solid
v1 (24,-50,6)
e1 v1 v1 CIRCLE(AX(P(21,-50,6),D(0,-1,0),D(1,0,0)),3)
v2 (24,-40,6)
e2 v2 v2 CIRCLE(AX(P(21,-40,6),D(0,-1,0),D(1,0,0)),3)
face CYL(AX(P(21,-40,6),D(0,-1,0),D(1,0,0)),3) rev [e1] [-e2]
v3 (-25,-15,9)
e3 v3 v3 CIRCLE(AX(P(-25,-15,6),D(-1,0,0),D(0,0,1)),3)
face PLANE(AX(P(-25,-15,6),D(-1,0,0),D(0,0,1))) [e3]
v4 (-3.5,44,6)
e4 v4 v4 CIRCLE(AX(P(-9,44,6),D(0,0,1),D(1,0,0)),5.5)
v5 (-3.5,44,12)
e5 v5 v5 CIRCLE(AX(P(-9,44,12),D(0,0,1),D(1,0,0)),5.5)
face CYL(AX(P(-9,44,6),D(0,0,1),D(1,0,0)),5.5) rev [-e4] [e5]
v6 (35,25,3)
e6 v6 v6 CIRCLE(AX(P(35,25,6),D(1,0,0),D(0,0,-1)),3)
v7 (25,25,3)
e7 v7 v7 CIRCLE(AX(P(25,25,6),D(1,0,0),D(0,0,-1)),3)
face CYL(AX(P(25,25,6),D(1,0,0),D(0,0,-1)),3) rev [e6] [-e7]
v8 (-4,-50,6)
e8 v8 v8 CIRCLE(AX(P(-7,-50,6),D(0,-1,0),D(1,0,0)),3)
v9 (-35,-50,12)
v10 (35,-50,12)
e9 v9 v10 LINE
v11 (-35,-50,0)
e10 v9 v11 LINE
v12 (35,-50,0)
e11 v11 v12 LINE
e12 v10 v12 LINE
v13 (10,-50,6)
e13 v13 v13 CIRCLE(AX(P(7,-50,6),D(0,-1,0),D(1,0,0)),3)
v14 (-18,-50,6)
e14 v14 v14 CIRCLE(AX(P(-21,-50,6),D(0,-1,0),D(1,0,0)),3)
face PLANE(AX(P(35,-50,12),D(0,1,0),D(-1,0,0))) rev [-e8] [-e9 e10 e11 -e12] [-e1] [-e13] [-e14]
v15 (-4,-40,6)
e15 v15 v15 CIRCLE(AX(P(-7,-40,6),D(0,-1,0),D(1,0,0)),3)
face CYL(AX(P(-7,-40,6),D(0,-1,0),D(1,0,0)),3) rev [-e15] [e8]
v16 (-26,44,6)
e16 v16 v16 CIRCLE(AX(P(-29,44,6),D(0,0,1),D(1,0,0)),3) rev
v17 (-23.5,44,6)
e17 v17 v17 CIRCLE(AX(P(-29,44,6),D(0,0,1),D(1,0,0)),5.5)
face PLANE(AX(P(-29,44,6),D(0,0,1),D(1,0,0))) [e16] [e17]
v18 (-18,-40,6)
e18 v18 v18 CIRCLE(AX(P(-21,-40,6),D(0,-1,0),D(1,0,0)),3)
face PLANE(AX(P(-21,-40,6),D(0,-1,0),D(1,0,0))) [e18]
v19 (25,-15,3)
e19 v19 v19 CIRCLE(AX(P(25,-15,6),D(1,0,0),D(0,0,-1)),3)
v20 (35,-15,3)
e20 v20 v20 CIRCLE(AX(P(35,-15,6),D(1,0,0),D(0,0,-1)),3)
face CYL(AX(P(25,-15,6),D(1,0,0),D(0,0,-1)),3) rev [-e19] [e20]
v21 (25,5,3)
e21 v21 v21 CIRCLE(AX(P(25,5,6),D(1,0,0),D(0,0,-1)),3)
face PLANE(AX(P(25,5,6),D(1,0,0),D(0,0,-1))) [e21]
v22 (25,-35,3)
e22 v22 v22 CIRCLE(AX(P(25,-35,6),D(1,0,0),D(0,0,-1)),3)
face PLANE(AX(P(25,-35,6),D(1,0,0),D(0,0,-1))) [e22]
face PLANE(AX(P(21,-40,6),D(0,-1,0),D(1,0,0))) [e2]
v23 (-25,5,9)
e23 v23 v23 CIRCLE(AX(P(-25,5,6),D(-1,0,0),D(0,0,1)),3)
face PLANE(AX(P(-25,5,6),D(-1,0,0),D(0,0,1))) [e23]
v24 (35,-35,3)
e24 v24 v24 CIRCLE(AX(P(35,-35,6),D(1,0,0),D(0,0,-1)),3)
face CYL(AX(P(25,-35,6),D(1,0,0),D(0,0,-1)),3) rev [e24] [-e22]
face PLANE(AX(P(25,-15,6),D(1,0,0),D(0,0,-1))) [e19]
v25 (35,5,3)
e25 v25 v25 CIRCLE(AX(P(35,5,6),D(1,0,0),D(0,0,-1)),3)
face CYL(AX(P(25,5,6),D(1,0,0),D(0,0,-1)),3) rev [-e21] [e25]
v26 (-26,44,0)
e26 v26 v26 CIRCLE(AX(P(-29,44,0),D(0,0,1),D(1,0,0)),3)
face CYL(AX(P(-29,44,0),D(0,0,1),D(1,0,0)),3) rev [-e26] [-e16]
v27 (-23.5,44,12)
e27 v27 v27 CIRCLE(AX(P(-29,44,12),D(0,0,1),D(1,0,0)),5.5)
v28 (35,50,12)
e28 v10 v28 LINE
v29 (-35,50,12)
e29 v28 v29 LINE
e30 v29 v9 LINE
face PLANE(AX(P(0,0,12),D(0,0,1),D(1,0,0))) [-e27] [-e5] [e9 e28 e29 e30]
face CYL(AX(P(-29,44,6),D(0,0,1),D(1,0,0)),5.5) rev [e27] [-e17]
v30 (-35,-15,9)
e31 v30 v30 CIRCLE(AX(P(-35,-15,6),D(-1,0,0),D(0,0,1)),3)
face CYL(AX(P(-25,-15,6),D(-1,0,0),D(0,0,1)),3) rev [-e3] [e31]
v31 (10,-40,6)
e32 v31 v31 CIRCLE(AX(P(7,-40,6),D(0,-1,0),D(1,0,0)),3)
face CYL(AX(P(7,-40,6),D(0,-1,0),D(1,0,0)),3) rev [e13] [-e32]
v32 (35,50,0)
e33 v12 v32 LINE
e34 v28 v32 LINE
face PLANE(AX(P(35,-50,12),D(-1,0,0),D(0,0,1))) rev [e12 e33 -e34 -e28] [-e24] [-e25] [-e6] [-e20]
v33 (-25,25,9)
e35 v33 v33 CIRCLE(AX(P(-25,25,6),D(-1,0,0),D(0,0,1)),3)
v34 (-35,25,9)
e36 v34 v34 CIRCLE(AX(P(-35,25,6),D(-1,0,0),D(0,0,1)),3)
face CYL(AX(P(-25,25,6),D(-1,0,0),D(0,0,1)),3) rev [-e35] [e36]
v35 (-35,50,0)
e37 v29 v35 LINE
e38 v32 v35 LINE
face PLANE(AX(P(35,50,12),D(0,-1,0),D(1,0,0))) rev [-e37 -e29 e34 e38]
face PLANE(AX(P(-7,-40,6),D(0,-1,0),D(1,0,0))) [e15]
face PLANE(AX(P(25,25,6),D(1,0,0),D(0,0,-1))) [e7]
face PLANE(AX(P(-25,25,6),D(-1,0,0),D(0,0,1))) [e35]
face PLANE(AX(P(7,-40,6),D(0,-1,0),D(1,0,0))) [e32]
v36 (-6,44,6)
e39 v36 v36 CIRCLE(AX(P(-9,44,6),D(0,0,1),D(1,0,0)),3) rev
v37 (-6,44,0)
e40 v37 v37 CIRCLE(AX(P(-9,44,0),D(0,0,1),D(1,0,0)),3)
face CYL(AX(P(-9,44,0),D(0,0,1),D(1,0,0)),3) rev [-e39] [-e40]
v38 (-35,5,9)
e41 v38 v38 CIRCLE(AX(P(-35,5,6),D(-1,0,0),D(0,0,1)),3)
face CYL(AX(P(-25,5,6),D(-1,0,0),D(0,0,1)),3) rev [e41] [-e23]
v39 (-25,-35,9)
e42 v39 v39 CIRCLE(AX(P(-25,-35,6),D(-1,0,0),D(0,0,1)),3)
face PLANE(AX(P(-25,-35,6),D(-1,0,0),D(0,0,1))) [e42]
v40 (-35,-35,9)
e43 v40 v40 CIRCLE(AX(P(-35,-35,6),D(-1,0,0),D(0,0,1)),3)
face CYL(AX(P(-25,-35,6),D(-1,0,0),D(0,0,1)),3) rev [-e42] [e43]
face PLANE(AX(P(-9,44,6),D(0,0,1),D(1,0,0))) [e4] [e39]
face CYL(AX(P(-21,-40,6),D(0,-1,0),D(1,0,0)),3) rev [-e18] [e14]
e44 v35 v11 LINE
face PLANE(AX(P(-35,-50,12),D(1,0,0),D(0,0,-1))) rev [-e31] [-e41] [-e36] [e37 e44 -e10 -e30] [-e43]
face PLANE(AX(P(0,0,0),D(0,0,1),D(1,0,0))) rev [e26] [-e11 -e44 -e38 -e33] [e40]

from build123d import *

# Parameters (mm, degrees)
SKETCH_1_W          = 70
SKETCH_1_H          = 100
EXTRUDE_1_DEPTH     = 12
SKETCH_2_R          = 3
CUT_EXTRUDE_1_DEPTH = 10
SKETCH_3_R          = 3
CUT_EXTRUDE_2_DEPTH = 12
SKETCH_4_R          = 5.5
CUT_EXTRUDE_3_DEPTH = 6
CUT_EXTRUDE_START   = -10
SKETCH_5_R          = 3
CUT_EXTRUDE_4_DEPTH = 10
SKETCH_6_R          = 3
CUT_EXTRUDE_5_DEPTH = 10


with BuildPart() as part:
    # 草图1 → 凸台-拉伸1 (new body)
    with BuildSketch(Plane.XY):
        Rectangle(SKETCH_1_W, SKETCH_1_H)
    extrude(amount=EXTRUDE_1_DEPTH)

    # 草图2 → 切除-拉伸1 (cut)
    with BuildSketch(Plane.ZY.offset(35)):
        with Locations((6, -35)):
            Circle(SKETCH_2_R)
        with Locations((6, -15)):
            Circle(SKETCH_2_R)
        with Locations((6, 5)):
            Circle(SKETCH_2_R)
        with Locations((6, 25)):
            Circle(SKETCH_2_R)
    extrude(amount=-CUT_EXTRUDE_1_DEPTH, mode=Mode.SUBTRACT)

    # 草图3 → 切除-拉伸2 (cut)
    with BuildSketch(Plane.XY.offset(12)):
        with Locations((-29, 44)):
            Circle(SKETCH_3_R)
        with Locations((-9, 44)):
            Circle(SKETCH_3_R)
    extrude(amount=-CUT_EXTRUDE_2_DEPTH, mode=Mode.SUBTRACT)

    # 草图4 → 切除-拉伸3 (cut)
    with BuildSketch(Plane.XY.offset(12)):
        with Locations((-29, 44)):
            Circle(SKETCH_4_R)
        with Locations((-9, 44)):
            Circle(SKETCH_4_R)
    extrude(amount=-CUT_EXTRUDE_3_DEPTH, mode=Mode.SUBTRACT)

    # 草图5 → 切除-拉伸4 (cut)
    with BuildSketch(Plane(origin=(35, 0, 0), x_dir=(0, 0, -1), z_dir=(1, 0, 0)).offset(CUT_EXTRUDE_START)):
        with Locations(Location((-6, -35, 0), (0, 0, 180))):
            Circle(SKETCH_5_R)
        with Locations(Location((-6, -15, 0), (0, 0, 180))):
            Circle(SKETCH_5_R)
        with Locations(Location((-6, 5, 0), (0, 0, 180))):
            Circle(SKETCH_5_R)
        with Locations(Location((-6, 25, 0), (0, 0, 180))):
            Circle(SKETCH_5_R)
    extrude(amount=CUT_EXTRUDE_4_DEPTH, mode=Mode.SUBTRACT)

    # 草图6 → 切除-拉伸5 (cut)
    with BuildSketch(Plane.XZ.offset(50)):
        with Locations((-21, 6)):
            Circle(SKETCH_6_R)
        with Locations((-7, 6)):
            Circle(SKETCH_6_R)
        with Locations((7, 6)):
            Circle(SKETCH_6_R)
        with Locations((21, 6)):
            Circle(SKETCH_6_R)
    extrude(amount=-CUT_EXTRUDE_5_DEPTH, mode=Mode.SUBTRACT)


solid = part.part
